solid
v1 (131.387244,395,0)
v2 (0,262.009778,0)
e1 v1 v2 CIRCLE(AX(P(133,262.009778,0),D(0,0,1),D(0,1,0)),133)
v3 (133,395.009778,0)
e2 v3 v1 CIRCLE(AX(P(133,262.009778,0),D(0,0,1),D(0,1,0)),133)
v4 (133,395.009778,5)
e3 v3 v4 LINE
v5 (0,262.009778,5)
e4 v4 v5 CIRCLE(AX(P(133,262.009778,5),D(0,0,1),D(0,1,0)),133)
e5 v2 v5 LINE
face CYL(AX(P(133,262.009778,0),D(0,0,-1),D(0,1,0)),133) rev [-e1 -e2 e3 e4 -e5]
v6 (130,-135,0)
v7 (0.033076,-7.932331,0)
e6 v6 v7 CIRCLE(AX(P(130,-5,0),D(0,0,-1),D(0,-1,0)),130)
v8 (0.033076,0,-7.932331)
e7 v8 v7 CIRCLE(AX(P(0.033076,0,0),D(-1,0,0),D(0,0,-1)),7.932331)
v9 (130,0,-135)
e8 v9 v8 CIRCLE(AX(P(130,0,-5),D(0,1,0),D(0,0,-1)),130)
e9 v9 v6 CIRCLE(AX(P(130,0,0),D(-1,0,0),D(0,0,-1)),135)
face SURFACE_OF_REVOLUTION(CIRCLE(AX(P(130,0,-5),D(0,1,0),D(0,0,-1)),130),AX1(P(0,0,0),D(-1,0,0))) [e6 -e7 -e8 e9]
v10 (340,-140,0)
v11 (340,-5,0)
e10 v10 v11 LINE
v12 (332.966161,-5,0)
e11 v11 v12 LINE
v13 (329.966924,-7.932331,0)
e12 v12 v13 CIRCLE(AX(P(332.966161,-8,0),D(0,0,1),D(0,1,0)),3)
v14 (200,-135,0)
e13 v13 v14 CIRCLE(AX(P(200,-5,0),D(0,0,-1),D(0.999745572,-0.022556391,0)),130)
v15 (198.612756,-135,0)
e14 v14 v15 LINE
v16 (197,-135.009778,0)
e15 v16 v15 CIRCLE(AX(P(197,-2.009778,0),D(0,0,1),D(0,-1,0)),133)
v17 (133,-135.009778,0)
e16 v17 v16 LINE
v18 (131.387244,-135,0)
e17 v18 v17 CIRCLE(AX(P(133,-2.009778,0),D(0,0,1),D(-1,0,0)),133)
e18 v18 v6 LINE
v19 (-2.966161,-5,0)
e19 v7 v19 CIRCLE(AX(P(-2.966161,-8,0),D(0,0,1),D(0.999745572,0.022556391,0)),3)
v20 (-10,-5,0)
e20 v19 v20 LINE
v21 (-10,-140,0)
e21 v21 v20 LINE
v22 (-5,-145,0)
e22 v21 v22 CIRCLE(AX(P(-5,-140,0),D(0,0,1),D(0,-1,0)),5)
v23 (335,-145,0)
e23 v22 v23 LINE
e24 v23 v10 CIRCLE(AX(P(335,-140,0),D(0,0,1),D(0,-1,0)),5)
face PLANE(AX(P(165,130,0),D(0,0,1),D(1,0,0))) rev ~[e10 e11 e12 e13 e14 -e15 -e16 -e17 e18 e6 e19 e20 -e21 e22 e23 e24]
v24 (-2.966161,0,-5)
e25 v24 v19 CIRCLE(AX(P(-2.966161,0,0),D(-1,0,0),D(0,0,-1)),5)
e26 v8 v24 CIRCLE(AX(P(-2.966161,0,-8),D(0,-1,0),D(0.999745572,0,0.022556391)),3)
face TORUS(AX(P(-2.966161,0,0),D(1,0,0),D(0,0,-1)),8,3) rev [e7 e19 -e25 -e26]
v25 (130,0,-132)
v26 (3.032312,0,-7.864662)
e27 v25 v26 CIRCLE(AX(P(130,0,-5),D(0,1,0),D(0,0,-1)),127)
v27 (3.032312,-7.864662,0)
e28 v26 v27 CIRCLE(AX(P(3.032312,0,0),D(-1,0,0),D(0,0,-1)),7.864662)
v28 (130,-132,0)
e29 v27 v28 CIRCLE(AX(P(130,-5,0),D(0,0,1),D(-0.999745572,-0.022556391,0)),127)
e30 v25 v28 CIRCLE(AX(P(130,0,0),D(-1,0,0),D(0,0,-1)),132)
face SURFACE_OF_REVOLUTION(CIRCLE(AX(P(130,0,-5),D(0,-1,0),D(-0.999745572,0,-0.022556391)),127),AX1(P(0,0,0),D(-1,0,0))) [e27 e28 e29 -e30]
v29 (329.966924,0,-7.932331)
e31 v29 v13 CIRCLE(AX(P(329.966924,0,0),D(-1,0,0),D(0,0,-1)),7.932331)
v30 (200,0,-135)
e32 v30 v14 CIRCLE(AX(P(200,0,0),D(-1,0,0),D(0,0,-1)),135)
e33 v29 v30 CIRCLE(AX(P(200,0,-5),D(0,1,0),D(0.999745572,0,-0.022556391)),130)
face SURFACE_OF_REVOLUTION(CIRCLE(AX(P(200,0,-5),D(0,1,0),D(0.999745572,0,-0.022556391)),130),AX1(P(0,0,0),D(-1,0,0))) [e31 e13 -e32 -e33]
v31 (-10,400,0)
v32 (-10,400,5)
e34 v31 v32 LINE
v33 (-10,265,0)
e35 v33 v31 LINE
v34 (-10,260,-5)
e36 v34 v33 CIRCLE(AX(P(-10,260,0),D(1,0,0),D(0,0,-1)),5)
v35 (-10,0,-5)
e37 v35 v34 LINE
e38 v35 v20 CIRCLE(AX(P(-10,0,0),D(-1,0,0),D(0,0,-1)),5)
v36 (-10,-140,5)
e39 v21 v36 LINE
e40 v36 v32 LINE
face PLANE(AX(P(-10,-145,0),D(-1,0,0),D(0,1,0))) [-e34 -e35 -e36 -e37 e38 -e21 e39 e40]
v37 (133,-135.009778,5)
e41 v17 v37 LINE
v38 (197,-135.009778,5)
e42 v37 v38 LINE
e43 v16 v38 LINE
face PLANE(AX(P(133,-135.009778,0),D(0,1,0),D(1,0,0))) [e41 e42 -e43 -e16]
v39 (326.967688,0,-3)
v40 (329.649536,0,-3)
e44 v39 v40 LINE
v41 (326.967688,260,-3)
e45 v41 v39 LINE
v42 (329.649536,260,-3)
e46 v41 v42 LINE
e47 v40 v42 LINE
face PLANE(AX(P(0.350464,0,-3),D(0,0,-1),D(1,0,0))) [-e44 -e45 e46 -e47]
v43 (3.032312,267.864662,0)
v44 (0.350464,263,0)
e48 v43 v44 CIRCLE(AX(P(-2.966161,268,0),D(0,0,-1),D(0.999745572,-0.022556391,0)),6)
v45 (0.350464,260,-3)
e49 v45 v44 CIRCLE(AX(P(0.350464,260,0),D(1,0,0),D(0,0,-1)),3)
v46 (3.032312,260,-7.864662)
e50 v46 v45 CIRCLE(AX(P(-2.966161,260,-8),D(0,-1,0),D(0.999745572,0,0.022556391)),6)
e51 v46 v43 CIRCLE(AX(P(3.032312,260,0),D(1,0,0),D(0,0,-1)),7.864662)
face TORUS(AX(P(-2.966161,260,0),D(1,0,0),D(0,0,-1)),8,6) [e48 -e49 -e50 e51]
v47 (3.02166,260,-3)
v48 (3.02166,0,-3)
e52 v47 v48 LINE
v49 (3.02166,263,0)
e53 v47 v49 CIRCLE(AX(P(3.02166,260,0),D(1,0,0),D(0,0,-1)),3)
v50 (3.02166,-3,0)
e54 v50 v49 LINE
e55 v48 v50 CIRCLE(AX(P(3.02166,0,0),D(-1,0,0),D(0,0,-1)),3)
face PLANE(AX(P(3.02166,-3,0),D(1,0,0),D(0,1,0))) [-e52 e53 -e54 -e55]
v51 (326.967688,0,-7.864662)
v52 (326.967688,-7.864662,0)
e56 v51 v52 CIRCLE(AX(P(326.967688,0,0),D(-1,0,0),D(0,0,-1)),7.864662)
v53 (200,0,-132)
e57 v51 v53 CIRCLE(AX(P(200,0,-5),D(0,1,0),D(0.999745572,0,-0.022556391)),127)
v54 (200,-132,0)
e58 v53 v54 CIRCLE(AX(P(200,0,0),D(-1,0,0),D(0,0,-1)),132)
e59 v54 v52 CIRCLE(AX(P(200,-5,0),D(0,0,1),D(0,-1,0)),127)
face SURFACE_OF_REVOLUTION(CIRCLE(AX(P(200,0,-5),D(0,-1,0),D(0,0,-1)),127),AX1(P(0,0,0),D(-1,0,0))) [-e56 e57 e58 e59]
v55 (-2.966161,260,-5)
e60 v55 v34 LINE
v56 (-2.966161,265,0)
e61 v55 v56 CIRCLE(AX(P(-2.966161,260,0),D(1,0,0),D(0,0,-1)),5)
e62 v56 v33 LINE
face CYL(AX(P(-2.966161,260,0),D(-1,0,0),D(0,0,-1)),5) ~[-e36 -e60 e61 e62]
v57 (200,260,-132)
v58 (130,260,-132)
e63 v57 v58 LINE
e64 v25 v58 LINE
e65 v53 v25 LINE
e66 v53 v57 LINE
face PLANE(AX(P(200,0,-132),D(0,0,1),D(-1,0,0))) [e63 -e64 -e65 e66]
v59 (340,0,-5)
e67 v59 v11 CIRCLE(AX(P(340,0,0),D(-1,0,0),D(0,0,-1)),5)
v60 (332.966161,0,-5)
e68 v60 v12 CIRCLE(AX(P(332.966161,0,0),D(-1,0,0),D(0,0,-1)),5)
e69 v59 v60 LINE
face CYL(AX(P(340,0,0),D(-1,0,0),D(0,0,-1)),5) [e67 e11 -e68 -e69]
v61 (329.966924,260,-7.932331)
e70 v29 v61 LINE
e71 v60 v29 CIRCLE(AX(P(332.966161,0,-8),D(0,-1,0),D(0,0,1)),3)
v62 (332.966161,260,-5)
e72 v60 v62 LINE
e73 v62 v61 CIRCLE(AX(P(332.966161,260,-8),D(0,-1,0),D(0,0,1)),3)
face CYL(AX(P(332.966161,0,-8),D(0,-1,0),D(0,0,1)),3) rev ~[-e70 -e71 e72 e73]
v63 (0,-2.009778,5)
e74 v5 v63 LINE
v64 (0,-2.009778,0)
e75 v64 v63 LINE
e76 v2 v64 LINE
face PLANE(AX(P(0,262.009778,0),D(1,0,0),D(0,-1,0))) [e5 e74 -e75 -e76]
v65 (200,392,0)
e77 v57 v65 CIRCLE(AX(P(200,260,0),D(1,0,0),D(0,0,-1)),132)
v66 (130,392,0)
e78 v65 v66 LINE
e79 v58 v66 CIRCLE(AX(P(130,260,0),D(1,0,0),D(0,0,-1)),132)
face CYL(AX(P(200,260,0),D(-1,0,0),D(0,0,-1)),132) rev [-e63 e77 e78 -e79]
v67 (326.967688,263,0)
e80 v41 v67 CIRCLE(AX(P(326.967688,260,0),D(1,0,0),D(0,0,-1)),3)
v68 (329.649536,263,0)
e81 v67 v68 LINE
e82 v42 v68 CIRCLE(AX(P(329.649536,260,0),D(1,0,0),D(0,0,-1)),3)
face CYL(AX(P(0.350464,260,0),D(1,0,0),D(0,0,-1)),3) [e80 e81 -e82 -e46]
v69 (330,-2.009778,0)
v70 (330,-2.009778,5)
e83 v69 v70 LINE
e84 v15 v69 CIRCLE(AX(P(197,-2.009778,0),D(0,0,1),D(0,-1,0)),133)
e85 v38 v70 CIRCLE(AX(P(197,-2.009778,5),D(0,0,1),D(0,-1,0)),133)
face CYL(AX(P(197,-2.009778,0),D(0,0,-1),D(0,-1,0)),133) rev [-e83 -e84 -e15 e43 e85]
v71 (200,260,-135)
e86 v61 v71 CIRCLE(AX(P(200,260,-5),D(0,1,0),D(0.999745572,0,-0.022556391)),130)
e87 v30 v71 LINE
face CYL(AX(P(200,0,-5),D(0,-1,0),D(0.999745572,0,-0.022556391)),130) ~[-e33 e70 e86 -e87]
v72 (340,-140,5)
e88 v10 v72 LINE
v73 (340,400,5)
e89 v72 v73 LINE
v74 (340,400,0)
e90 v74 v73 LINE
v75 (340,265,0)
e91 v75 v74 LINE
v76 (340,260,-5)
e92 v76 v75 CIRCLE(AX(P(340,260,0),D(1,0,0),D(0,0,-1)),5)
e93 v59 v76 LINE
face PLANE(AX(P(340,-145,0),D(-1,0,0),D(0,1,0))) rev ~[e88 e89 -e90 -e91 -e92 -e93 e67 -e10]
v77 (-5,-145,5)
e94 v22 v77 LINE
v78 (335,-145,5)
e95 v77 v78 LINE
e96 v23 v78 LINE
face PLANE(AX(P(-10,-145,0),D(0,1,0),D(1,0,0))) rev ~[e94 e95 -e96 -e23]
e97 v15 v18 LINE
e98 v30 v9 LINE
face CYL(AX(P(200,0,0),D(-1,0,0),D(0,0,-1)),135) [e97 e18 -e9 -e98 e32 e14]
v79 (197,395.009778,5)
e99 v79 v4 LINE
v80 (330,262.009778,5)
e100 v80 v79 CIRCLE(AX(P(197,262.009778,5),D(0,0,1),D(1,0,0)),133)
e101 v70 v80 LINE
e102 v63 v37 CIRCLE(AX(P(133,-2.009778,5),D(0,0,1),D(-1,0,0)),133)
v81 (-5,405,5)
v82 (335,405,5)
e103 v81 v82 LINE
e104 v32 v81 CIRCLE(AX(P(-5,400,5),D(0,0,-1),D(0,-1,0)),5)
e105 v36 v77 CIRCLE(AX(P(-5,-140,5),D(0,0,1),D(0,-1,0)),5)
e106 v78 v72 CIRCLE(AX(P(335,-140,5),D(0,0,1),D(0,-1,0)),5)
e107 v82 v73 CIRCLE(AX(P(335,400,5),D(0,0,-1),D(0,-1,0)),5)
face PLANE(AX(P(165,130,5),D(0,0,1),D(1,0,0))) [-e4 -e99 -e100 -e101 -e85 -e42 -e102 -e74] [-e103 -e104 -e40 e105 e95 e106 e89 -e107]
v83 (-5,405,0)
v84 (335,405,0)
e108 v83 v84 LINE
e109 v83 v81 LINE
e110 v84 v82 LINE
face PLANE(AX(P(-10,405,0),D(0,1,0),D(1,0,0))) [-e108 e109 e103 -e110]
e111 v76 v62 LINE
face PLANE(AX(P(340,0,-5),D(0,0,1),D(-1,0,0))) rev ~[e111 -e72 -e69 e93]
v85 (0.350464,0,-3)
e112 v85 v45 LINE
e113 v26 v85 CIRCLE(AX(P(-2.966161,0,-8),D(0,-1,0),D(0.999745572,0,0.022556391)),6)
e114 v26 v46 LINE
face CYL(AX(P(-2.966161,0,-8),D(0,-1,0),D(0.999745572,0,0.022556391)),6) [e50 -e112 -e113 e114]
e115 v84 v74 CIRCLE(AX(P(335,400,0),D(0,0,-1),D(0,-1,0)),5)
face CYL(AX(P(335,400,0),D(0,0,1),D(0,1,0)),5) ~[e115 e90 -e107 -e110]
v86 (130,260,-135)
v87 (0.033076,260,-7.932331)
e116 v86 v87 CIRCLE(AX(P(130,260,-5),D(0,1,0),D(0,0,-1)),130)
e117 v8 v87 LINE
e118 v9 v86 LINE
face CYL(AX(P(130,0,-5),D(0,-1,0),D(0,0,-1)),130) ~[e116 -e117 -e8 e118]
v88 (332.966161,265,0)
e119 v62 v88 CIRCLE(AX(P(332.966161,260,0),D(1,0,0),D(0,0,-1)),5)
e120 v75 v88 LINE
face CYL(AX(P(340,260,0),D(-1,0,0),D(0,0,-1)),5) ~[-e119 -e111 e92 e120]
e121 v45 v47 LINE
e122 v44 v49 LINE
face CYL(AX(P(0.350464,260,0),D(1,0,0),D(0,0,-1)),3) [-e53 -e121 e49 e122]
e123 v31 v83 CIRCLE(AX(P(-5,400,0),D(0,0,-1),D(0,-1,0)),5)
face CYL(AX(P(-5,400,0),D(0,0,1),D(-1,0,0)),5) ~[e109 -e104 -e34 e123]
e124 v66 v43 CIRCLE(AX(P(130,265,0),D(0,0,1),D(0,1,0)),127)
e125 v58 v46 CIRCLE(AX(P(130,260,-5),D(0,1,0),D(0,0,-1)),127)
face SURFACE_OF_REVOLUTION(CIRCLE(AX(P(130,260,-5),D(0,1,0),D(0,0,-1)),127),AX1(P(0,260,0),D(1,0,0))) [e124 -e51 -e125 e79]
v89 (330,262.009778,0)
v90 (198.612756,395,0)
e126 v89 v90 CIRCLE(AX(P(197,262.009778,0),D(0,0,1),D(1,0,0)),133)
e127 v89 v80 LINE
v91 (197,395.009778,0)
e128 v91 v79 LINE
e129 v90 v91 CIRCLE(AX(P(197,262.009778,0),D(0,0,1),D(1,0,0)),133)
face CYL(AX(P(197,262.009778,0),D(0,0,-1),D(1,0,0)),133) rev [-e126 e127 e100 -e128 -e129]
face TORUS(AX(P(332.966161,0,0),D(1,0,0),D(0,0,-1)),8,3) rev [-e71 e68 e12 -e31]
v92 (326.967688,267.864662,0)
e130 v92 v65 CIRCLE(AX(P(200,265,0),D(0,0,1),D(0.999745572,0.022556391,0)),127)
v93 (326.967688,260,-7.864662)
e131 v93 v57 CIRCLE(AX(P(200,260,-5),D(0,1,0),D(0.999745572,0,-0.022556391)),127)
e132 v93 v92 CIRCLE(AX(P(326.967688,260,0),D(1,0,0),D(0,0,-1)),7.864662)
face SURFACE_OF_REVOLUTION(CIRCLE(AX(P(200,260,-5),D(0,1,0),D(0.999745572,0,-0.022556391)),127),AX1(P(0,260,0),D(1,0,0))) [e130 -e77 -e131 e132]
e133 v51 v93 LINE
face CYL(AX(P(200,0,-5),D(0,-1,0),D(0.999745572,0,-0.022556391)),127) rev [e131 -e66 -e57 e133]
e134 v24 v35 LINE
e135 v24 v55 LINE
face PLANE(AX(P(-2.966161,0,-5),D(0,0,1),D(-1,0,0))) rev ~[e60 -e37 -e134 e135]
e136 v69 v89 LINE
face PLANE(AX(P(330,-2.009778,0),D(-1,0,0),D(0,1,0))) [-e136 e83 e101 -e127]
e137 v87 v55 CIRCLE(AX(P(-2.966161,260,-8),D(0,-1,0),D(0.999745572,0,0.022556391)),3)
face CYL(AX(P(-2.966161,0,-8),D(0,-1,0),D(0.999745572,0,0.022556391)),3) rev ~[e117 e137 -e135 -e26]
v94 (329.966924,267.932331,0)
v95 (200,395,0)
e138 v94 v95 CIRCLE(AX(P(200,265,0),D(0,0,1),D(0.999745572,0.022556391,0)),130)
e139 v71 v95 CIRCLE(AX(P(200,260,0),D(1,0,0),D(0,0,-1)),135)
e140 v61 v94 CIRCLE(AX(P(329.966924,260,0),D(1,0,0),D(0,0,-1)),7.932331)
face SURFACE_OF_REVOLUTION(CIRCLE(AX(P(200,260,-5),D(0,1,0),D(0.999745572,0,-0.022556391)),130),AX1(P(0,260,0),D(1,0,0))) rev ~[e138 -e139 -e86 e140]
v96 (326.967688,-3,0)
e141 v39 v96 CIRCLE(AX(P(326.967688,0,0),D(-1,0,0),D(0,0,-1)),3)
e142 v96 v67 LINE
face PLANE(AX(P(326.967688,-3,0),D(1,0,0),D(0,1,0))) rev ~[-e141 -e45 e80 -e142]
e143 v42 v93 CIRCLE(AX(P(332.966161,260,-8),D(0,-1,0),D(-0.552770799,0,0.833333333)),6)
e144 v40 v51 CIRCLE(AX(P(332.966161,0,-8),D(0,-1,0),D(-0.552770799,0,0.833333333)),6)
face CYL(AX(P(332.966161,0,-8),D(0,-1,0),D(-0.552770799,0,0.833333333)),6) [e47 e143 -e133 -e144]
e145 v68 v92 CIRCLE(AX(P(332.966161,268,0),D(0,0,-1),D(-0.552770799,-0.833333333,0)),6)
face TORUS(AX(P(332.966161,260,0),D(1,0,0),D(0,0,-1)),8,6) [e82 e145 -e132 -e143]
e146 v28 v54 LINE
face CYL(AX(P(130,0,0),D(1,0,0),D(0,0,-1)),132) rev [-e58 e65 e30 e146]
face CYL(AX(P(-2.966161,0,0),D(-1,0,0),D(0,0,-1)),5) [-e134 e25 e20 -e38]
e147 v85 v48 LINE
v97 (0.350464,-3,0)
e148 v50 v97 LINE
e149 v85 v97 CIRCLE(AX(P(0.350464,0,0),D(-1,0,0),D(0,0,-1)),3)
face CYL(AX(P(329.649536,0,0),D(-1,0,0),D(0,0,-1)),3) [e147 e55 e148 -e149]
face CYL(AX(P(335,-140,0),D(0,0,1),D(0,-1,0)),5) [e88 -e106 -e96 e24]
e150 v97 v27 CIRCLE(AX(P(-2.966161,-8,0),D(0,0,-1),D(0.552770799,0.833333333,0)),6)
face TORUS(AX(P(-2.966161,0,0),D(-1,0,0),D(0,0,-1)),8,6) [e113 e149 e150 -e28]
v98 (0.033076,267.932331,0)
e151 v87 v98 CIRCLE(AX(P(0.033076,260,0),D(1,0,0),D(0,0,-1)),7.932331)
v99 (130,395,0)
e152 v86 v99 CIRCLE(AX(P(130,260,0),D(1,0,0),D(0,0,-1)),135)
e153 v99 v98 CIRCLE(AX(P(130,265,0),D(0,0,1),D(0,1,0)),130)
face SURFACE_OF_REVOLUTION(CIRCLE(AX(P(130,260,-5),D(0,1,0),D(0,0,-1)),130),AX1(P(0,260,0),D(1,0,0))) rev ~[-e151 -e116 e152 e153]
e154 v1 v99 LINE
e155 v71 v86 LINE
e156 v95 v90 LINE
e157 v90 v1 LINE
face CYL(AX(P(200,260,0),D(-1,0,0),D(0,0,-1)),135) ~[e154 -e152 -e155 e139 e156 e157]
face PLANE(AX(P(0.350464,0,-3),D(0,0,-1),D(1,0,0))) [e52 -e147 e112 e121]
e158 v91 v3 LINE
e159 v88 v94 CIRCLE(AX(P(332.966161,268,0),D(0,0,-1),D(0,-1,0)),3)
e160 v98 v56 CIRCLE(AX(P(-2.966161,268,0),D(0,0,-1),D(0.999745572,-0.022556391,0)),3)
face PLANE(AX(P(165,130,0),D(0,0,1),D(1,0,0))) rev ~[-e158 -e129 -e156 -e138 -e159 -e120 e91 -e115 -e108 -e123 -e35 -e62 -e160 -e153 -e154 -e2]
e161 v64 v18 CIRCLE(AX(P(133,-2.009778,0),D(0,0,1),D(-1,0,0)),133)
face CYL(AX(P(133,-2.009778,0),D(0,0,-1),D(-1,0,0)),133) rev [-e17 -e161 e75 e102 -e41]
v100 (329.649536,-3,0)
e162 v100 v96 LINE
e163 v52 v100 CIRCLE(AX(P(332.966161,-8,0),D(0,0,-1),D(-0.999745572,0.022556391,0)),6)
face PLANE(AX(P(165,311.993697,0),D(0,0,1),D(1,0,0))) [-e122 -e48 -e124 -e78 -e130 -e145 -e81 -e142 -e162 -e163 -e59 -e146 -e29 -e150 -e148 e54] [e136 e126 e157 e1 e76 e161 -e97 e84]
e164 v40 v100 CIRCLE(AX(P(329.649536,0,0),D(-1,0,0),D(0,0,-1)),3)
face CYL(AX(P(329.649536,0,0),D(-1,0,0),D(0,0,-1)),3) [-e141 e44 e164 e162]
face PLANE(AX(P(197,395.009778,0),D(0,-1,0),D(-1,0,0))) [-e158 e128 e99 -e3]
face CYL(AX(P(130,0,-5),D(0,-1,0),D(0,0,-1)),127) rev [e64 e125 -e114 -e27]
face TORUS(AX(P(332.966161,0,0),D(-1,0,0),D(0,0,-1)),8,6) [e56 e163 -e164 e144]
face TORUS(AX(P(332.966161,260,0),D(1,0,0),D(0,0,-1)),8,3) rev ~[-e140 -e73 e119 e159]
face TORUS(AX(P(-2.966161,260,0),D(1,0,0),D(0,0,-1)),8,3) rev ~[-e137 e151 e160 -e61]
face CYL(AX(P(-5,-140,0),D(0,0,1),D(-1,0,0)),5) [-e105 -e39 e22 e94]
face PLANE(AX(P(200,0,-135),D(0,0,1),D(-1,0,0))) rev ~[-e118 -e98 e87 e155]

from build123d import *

# Parameters (mm, degrees)
BOSS_EXTRUDE1_DEPTH = 260
REVOLVE1_ANGLE      = 90
REVOLVE2_ANGLE      = 90
SKETCH5_W           = 323.946027299
SKETCH5_H           = 266
CUT_EXTRUDE1_DEPTH  = 5
SKETCH6_W           = 350
SKETCH6_H           = 550
BOSS_EXTRUDE2_DEPTH = 5
FILLET1_R           = 5


with BuildPart() as part:
    # Sketch1 → Boss-Extrude1 (new body)
    with BuildSketch(Plane(origin=(0, 0, 0), x_dir=(1, 0, 0), z_dir=(0, 1, 0))):
        with BuildLine():
            Line((0, 0), (330, 0))
            Line((330, 0), (340, 0))
            Line((340, 0), (340, 5))
            Line((340, 5), (332.966161109, 5))
            ThreePointArc((332.966161109, 5), (330.868901888, 5.854888404), (329.966924392, 7.932330827))
            ThreePointArc((329.966924392, 7.932330827), (290.881232915, 97.954835828), (200, 135))
            Line((200, 135), (130, 135))
            ThreePointArc((130, 135), (39.118767085, 97.954835828), (0.033075608, 7.932330827))
            ThreePointArc((0.033075608, 7.932330827), (-0.868901888, 5.854888404), (-2.966161109, 5))
            Line((-2.966161109, 5), (-10, 5))
            Line((-10, 5), (-10, 0))
            Line((-10, 0), (0, 0))
        make_face()
        with BuildLine():
            Line((0.350463682, 3), (329.649536318, 3))
            ThreePointArc((329.649536318, 3), (327.711734691, 5.103277193), (326.967687675, 7.864661654))
            ThreePointArc((326.967687675, 7.864661654), (288.783973694, 95.809724232), (200, 132))
            Line((200, 132), (130, 132))
            ThreePointArc((130, 132), (41.216026306, 95.809724232), (3.032312325, 7.864661654))
            ThreePointArc((3.032312325, 7.864661654), (2.288265309, 5.103277193), (0.350463682, 3))
        make_face(mode=Mode.SUBTRACT)
    extrude(amount=BOSS_EXTRUDE1_DEPTH)

    # Sketch3 → Revolve1 (revolve)
    with BuildSketch(Plane.XZ):
        with BuildLine():
            Line((0, 0), (330, 0))
            Line((330, 0), (340, 0))
            Line((340, 0), (340, -5))
            Line((340, -5), (332.966161109, -5))
            ThreePointArc((332.966161109, -5), (330.868901888, -5.854888404), (329.966924392, -7.932330827))
            ThreePointArc((329.966924392, -7.932330827), (290.881232915, -97.954835828), (200, -135))
            Line((200, -135), (130, -135))
            ThreePointArc((130, -135), (39.118767085, -97.954835828), (0.033075608, -7.932330827))
            ThreePointArc((0.033075608, -7.932330827), (-0.868901888, -5.854888404), (-2.966161109, -5))
            Line((-2.966161109, -5), (-10, -5))
            Line((-10, -5), (-10, 0))
            Line((-10, 0), (0, 0))
        make_face()
        with BuildLine():
            Line((130, -132), (200, -132))
            ThreePointArc((200, -132), (288.783973694, -95.809724232), (326.967687675, -7.864661654))
            ThreePointArc((326.967687675, -7.864661654), (327.711734691, -5.103277193), (329.649536318, -3))
            Line((329.649536318, -3), (0.350463682, -3))
            ThreePointArc((0.350463682, -3), (2.288265309, -5.103277193), (3.032312325, -7.864661654))
            ThreePointArc((3.032312325, -7.864661654), (41.216026306, -95.809724232), (130, -132))
        make_face(mode=Mode.SUBTRACT)
    revolve(axis=Axis((0, 0, 0), (-1, 0, 0)), revolution_arc=REVOLVE1_ANGLE)

    # Sketch4 → Revolve2 (revolve)
    with BuildSketch(Plane(origin=(0, 260, 0), x_dir=(1, 0, 0), z_dir=(0, 1, 0))):
        with BuildLine():
            Line((0, 0), (330, 0))
            Line((330, 0), (340, 0))
            Line((340, 0), (340, 5))
            Line((340, 5), (332.966161109, 5))
            ThreePointArc((332.966161109, 5), (330.868901888, 5.854888404), (329.966924392, 7.932330827))
            ThreePointArc((329.966924392, 7.932330827), (290.881232915, 97.954835828), (200, 135))
            Line((200, 135), (130, 135))
            ThreePointArc((130, 135), (39.118767085, 97.954835828), (0.033075608, 7.932330827))
            ThreePointArc((0.033075608, 7.932330827), (-0.868901888, 5.854888404), (-2.966161109, 5))
            Line((-2.966161109, 5), (-10, 5))
            Line((-10, 5), (-10, 0))
            Line((-10, 0), (0, 0))
        make_face()
        with BuildLine():
            Line((0.350463682, 3), (329.649536318, 3))
            ThreePointArc((329.649536318, 3), (327.711734691, 5.103277193), (326.967687675, 7.864661654))
            ThreePointArc((326.967687675, 7.864661654), (288.783973694, 95.809724232), (200, 132))
            Line((200, 132), (130, 132))
            ThreePointArc((130, 132), (41.216026306, 95.809724232), (3.032312325, 7.864661654))
            ThreePointArc((3.032312325, 7.864661654), (2.288265309, 5.103277193), (0.350463682, 3))
        make_face(mode=Mode.SUBTRACT)
    revolve(axis=Axis((0, 260, 0), (1, 0, 0)), revolution_arc=REVOLVE2_ANGLE)

    # Sketch5 → Cut-Extrude1 (cut)
    with BuildSketch(Plane.XY):
        with Locations((164.994674026, 130)):
            Rectangle(SKETCH5_W, SKETCH5_H)
    extrude(amount=-CUT_EXTRUDE1_DEPTH, mode=Mode.SUBTRACT)

    # Sketch6 → Boss-Extrude2 (add)
    with BuildSketch(Plane.XY):
        with Locations((165, 130)):
            Rectangle(SKETCH6_W, SKETCH6_H)
        with BuildLine():
            Line((133, -135.00977849), (197, -135.00977849))
            ThreePointArc((197, -135.00977849), (291.045201898, -96.054980388), (330, -2.00977849))
            Line((330, -2.00977849), (330, 262.00977849))
            ThreePointArc((330, 262.00977849), (291.045201898, 356.054980388), (197, 395.00977849))
            Line((197, 395.00977849), (133, 395.00977849))
            ThreePointArc((133, 395.00977849), (38.954798102, 356.054980388), (0, 262.00977849))
            Line((0, 262.00977849), (0, -2.00977849))
            ThreePointArc((0, -2.00977849), (38.954798102, -96.054980388), (133, -135.00977849))
        make_face(mode=Mode.SUBTRACT)
    extrude(amount=BOSS_EXTRUDE2_DEPTH)

    # Fillet1
    fillet1_edges = [part.edges().sort_by_distance(p)[0] for p in [
        (340, -145, 2.5),
        (340, 405, 2.5),
        (-10, 405, 2.5),
        (-10, -145, 2.5),
    ]]
    fillet(fillet1_edges, radius=FILLET1_R)


solid = part.part
